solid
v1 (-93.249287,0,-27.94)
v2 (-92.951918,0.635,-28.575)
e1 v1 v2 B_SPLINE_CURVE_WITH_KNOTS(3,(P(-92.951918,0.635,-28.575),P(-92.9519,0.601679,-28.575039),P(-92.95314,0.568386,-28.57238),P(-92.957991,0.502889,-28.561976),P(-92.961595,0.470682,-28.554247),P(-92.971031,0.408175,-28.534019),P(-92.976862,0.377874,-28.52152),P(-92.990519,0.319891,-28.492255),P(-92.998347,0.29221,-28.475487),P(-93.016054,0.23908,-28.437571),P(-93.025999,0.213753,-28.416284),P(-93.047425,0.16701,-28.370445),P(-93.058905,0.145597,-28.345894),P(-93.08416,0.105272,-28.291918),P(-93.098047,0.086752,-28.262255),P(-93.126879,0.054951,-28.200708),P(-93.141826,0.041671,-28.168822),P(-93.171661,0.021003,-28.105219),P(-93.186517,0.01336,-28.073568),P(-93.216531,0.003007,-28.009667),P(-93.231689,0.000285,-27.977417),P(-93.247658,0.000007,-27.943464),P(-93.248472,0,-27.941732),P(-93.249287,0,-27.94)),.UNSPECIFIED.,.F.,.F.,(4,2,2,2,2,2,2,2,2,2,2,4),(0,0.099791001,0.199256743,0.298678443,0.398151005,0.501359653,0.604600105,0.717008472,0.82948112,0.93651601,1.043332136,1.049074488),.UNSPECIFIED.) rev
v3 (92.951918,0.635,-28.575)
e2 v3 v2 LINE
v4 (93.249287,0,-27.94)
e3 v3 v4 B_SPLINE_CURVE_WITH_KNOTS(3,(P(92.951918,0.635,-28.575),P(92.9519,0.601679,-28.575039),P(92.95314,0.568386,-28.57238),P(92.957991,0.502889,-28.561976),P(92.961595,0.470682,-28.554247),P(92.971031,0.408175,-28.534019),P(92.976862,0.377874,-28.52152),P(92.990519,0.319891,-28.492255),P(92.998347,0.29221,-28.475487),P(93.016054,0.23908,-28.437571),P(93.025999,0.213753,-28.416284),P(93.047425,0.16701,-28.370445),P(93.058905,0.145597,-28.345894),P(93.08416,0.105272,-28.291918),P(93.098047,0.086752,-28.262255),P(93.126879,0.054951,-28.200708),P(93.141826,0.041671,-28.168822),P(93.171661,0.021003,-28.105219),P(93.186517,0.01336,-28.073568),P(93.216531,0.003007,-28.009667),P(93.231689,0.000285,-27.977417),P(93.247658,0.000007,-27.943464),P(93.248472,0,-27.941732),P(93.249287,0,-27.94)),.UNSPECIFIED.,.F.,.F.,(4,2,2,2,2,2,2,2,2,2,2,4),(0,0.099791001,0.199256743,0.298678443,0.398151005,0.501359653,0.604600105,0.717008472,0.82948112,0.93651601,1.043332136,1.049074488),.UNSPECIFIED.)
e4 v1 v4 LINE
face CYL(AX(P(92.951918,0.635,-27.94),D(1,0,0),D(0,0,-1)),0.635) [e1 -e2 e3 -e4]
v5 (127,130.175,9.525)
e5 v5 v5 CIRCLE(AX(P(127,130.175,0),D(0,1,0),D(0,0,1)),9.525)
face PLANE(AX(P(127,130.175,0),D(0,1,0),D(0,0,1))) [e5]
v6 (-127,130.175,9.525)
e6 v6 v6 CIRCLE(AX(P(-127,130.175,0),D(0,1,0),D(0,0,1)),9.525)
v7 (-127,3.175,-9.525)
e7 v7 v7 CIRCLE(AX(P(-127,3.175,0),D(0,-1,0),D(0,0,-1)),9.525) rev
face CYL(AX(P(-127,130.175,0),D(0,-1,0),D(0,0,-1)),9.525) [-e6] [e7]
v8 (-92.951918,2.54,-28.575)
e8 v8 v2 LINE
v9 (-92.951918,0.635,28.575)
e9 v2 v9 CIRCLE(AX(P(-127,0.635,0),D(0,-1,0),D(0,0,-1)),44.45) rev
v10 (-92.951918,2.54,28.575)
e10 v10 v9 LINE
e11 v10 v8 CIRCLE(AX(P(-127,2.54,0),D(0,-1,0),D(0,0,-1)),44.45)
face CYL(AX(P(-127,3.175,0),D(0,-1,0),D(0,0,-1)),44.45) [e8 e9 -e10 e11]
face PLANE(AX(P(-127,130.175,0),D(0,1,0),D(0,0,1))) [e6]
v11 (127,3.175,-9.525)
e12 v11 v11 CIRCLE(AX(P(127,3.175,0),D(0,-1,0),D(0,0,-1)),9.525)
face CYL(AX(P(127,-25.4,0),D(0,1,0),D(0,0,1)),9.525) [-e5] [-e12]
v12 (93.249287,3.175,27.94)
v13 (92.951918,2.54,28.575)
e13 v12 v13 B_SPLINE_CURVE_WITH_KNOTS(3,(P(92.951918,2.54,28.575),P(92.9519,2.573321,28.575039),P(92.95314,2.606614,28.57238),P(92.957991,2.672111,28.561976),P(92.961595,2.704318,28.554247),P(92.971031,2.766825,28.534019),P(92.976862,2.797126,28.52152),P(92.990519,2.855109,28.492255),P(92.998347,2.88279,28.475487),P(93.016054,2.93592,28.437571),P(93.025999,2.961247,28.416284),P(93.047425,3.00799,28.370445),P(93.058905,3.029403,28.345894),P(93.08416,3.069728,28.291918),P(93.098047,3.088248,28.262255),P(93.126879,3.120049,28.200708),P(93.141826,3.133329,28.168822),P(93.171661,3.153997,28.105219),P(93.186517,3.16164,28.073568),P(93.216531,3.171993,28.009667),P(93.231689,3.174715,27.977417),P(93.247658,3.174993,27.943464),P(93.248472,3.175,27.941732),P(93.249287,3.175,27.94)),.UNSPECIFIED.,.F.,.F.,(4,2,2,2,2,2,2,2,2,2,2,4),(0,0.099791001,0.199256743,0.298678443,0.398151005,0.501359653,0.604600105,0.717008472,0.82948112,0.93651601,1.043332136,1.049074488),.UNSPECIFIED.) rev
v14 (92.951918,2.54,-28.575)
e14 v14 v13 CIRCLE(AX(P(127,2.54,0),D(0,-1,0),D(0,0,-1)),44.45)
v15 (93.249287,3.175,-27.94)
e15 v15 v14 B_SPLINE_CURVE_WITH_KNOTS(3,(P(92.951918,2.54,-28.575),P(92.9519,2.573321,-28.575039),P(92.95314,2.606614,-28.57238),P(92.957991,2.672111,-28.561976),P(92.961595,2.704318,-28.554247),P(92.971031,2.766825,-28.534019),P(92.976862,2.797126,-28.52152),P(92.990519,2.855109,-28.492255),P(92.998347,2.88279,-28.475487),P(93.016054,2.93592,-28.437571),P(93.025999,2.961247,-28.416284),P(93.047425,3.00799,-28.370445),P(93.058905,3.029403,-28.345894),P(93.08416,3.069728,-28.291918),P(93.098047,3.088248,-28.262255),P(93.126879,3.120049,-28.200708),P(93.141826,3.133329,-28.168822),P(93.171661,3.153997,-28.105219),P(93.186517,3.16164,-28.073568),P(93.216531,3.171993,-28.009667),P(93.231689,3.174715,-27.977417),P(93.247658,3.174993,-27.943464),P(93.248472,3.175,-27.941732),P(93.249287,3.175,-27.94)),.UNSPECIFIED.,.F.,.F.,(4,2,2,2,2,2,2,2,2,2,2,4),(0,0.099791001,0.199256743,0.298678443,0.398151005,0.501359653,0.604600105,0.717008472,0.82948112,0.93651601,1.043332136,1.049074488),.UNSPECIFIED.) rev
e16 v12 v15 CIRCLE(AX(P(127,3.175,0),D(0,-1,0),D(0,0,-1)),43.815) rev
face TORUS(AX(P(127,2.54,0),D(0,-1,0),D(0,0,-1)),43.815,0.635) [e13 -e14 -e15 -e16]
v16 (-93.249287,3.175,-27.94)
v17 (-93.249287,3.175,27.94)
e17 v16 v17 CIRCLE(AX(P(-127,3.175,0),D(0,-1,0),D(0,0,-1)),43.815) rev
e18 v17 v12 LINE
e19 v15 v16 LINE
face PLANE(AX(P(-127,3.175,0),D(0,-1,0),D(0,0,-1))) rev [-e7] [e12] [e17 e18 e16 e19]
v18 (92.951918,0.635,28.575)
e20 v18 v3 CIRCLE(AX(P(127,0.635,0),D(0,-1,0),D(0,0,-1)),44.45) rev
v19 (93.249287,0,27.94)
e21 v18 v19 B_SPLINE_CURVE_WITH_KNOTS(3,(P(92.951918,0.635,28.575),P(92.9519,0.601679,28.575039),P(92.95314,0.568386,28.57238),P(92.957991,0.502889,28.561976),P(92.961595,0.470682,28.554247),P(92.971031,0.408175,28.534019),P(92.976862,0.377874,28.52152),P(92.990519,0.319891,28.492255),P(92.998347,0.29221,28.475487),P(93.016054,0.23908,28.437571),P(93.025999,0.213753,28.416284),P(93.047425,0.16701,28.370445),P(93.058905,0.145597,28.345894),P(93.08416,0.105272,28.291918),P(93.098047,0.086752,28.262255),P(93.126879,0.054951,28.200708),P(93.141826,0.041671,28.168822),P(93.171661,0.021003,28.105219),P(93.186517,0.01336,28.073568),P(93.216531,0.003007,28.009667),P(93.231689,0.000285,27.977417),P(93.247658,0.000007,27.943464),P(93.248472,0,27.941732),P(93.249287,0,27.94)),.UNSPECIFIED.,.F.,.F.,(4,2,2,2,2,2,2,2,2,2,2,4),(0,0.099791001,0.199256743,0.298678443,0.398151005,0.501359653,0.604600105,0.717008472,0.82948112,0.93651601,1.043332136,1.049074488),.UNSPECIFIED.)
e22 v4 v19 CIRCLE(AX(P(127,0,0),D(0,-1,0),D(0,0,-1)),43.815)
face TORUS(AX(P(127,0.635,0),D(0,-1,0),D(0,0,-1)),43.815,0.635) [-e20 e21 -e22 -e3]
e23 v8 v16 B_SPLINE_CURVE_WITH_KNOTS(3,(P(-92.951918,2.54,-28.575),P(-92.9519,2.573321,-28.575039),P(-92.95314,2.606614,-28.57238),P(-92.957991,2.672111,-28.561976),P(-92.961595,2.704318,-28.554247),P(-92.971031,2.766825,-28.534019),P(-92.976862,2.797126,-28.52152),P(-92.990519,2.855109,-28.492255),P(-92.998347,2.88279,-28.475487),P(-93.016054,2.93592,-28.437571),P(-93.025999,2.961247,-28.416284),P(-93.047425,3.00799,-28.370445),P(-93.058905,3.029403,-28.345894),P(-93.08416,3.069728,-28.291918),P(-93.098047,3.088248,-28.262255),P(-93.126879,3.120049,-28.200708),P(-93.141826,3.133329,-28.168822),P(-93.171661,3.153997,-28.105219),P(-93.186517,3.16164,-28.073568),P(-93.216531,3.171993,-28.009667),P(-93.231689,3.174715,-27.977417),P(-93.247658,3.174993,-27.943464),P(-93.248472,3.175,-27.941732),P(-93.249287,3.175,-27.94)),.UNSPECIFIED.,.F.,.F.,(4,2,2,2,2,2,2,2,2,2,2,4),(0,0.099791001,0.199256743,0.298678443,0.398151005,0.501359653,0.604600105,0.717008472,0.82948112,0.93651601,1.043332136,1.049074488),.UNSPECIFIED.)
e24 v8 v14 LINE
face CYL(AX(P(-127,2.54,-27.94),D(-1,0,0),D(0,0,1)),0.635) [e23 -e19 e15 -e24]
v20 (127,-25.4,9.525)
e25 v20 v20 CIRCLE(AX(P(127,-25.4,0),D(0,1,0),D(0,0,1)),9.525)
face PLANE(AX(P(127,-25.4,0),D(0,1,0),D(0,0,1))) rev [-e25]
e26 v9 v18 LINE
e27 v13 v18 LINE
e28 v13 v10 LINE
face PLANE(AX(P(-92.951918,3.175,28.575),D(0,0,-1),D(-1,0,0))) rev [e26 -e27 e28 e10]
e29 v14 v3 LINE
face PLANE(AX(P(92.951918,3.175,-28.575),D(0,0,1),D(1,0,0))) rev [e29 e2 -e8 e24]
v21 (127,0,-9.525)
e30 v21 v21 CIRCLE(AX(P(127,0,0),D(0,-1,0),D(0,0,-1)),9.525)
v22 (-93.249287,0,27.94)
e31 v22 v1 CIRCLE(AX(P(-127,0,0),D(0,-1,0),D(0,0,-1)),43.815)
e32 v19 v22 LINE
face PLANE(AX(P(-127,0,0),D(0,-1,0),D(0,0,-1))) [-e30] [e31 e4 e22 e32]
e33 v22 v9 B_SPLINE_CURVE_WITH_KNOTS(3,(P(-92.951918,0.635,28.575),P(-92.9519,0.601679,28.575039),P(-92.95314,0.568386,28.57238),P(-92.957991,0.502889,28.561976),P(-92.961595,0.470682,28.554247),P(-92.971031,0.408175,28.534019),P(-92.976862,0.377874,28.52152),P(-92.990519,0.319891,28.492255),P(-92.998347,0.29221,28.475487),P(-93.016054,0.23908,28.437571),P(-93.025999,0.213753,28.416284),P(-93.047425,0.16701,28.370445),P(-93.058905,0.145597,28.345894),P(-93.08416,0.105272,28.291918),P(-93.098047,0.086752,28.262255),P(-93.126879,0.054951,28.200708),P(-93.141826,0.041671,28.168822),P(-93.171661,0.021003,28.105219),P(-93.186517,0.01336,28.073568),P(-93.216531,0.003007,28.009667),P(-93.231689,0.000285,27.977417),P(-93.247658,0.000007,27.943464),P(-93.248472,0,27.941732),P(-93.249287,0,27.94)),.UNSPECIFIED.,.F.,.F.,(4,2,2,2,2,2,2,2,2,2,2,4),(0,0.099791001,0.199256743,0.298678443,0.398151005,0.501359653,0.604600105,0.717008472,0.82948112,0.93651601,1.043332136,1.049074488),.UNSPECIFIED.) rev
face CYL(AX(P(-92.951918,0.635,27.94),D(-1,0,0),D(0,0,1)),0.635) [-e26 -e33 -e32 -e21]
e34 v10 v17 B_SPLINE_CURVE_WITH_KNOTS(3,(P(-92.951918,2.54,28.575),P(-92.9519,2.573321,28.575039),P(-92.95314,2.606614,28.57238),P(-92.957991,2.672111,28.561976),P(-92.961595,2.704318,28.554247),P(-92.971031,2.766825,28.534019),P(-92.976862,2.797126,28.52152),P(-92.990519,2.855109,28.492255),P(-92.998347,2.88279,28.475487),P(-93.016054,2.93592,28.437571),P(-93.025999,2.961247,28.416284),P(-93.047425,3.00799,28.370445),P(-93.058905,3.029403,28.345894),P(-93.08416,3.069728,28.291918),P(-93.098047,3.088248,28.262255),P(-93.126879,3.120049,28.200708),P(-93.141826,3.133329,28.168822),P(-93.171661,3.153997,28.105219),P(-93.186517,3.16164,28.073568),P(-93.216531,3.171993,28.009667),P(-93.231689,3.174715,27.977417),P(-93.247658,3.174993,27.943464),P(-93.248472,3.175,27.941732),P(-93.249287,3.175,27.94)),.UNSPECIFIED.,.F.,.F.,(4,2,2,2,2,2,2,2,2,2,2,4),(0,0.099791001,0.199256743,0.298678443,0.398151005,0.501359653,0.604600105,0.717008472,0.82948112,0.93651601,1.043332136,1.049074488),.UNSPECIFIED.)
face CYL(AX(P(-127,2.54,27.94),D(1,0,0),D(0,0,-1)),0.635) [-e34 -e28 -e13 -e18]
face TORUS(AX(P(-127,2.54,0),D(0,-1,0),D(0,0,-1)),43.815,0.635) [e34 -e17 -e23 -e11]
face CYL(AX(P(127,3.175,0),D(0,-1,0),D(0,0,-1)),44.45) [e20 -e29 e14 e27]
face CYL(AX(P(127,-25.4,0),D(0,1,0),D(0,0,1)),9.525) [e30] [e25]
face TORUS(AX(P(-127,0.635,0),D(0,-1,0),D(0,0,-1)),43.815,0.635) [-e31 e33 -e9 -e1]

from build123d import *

# Parameters (mm, degrees)
BOSS_EXTRUDE1_DEPTH      = 3.175
SKETCH2_R                = 9.525
BOSS_EXTRUDE2_DEPTH      = 127
BOSS_EXTRUDE3_DEPTH      = 127
BOSS_EXTRUDE3_DEPTH_BACK = 28.575
SKETCH4_R                = 9.525
FILLET3_R                = 0.635


with BuildPart() as part:
    # Sketch1 → Boss-Extrude1 (new body)
    with BuildSketch(Plane(origin=(0, 0, 0), x_dir=(1, 0, 0), z_dir=(0, 1, 0))):
        with BuildLine():
            Line((92.951918189, 28.575), (-92.951918189, 28.575))
            ThreePointArc((-92.951918189, 28.575), (-171.45, 0), (-92.951918189, -28.575))
            Line((-92.951918189, -28.575), (92.951918189, -28.575))
            ThreePointArc((92.951918189, -28.575), (171.45, 0), (92.951918189, 28.575))
        make_face()
    extrude(amount=BOSS_EXTRUDE1_DEPTH)

    # Sketch2 → Boss-Extrude2 (add)
    with BuildSketch(Plane(origin=(0, 3.175, 0), x_dir=(1, 0, 0), z_dir=(0, 1, 0))):
        with Locations(Location((-127, 0, 0), (0, 0, 90))):
            Circle(SKETCH2_R)
    extrude(amount=BOSS_EXTRUDE2_DEPTH)

    # Sketch4 → Boss-Extrude3 (add, two sides: drawn at the far end of the back side and taken through both)
    with BuildSketch(Plane(origin=(0, 3.175, 0), x_dir=(1, 0, 0), z_dir=(0, 1, 0)).offset(-BOSS_EXTRUDE3_DEPTH_BACK)):
        with Locations(Location((127, 0, 0), (0, 0, 270))):
            Circle(SKETCH4_R)
    extrude(amount=BOSS_EXTRUDE3_DEPTH + BOSS_EXTRUDE3_DEPTH_BACK)

    # Fillet3
    fillet3_edges = [part.edges().sort_by_distance(p)[0] for p in [
        (171.45, 3.175, 0),
        (0, 3.175, -28.575),
        (-171.45, 3.175, 0),
        (0, 0, -28.575),
        (171.45, 0, 0),
        (0, 0, 28.575),
        (-171.45, 0, 0),
        (0, 3.175, 28.575),
    ]]
    fillet(fillet3_edges, radius=FILLET3_R)


solid = part.part
